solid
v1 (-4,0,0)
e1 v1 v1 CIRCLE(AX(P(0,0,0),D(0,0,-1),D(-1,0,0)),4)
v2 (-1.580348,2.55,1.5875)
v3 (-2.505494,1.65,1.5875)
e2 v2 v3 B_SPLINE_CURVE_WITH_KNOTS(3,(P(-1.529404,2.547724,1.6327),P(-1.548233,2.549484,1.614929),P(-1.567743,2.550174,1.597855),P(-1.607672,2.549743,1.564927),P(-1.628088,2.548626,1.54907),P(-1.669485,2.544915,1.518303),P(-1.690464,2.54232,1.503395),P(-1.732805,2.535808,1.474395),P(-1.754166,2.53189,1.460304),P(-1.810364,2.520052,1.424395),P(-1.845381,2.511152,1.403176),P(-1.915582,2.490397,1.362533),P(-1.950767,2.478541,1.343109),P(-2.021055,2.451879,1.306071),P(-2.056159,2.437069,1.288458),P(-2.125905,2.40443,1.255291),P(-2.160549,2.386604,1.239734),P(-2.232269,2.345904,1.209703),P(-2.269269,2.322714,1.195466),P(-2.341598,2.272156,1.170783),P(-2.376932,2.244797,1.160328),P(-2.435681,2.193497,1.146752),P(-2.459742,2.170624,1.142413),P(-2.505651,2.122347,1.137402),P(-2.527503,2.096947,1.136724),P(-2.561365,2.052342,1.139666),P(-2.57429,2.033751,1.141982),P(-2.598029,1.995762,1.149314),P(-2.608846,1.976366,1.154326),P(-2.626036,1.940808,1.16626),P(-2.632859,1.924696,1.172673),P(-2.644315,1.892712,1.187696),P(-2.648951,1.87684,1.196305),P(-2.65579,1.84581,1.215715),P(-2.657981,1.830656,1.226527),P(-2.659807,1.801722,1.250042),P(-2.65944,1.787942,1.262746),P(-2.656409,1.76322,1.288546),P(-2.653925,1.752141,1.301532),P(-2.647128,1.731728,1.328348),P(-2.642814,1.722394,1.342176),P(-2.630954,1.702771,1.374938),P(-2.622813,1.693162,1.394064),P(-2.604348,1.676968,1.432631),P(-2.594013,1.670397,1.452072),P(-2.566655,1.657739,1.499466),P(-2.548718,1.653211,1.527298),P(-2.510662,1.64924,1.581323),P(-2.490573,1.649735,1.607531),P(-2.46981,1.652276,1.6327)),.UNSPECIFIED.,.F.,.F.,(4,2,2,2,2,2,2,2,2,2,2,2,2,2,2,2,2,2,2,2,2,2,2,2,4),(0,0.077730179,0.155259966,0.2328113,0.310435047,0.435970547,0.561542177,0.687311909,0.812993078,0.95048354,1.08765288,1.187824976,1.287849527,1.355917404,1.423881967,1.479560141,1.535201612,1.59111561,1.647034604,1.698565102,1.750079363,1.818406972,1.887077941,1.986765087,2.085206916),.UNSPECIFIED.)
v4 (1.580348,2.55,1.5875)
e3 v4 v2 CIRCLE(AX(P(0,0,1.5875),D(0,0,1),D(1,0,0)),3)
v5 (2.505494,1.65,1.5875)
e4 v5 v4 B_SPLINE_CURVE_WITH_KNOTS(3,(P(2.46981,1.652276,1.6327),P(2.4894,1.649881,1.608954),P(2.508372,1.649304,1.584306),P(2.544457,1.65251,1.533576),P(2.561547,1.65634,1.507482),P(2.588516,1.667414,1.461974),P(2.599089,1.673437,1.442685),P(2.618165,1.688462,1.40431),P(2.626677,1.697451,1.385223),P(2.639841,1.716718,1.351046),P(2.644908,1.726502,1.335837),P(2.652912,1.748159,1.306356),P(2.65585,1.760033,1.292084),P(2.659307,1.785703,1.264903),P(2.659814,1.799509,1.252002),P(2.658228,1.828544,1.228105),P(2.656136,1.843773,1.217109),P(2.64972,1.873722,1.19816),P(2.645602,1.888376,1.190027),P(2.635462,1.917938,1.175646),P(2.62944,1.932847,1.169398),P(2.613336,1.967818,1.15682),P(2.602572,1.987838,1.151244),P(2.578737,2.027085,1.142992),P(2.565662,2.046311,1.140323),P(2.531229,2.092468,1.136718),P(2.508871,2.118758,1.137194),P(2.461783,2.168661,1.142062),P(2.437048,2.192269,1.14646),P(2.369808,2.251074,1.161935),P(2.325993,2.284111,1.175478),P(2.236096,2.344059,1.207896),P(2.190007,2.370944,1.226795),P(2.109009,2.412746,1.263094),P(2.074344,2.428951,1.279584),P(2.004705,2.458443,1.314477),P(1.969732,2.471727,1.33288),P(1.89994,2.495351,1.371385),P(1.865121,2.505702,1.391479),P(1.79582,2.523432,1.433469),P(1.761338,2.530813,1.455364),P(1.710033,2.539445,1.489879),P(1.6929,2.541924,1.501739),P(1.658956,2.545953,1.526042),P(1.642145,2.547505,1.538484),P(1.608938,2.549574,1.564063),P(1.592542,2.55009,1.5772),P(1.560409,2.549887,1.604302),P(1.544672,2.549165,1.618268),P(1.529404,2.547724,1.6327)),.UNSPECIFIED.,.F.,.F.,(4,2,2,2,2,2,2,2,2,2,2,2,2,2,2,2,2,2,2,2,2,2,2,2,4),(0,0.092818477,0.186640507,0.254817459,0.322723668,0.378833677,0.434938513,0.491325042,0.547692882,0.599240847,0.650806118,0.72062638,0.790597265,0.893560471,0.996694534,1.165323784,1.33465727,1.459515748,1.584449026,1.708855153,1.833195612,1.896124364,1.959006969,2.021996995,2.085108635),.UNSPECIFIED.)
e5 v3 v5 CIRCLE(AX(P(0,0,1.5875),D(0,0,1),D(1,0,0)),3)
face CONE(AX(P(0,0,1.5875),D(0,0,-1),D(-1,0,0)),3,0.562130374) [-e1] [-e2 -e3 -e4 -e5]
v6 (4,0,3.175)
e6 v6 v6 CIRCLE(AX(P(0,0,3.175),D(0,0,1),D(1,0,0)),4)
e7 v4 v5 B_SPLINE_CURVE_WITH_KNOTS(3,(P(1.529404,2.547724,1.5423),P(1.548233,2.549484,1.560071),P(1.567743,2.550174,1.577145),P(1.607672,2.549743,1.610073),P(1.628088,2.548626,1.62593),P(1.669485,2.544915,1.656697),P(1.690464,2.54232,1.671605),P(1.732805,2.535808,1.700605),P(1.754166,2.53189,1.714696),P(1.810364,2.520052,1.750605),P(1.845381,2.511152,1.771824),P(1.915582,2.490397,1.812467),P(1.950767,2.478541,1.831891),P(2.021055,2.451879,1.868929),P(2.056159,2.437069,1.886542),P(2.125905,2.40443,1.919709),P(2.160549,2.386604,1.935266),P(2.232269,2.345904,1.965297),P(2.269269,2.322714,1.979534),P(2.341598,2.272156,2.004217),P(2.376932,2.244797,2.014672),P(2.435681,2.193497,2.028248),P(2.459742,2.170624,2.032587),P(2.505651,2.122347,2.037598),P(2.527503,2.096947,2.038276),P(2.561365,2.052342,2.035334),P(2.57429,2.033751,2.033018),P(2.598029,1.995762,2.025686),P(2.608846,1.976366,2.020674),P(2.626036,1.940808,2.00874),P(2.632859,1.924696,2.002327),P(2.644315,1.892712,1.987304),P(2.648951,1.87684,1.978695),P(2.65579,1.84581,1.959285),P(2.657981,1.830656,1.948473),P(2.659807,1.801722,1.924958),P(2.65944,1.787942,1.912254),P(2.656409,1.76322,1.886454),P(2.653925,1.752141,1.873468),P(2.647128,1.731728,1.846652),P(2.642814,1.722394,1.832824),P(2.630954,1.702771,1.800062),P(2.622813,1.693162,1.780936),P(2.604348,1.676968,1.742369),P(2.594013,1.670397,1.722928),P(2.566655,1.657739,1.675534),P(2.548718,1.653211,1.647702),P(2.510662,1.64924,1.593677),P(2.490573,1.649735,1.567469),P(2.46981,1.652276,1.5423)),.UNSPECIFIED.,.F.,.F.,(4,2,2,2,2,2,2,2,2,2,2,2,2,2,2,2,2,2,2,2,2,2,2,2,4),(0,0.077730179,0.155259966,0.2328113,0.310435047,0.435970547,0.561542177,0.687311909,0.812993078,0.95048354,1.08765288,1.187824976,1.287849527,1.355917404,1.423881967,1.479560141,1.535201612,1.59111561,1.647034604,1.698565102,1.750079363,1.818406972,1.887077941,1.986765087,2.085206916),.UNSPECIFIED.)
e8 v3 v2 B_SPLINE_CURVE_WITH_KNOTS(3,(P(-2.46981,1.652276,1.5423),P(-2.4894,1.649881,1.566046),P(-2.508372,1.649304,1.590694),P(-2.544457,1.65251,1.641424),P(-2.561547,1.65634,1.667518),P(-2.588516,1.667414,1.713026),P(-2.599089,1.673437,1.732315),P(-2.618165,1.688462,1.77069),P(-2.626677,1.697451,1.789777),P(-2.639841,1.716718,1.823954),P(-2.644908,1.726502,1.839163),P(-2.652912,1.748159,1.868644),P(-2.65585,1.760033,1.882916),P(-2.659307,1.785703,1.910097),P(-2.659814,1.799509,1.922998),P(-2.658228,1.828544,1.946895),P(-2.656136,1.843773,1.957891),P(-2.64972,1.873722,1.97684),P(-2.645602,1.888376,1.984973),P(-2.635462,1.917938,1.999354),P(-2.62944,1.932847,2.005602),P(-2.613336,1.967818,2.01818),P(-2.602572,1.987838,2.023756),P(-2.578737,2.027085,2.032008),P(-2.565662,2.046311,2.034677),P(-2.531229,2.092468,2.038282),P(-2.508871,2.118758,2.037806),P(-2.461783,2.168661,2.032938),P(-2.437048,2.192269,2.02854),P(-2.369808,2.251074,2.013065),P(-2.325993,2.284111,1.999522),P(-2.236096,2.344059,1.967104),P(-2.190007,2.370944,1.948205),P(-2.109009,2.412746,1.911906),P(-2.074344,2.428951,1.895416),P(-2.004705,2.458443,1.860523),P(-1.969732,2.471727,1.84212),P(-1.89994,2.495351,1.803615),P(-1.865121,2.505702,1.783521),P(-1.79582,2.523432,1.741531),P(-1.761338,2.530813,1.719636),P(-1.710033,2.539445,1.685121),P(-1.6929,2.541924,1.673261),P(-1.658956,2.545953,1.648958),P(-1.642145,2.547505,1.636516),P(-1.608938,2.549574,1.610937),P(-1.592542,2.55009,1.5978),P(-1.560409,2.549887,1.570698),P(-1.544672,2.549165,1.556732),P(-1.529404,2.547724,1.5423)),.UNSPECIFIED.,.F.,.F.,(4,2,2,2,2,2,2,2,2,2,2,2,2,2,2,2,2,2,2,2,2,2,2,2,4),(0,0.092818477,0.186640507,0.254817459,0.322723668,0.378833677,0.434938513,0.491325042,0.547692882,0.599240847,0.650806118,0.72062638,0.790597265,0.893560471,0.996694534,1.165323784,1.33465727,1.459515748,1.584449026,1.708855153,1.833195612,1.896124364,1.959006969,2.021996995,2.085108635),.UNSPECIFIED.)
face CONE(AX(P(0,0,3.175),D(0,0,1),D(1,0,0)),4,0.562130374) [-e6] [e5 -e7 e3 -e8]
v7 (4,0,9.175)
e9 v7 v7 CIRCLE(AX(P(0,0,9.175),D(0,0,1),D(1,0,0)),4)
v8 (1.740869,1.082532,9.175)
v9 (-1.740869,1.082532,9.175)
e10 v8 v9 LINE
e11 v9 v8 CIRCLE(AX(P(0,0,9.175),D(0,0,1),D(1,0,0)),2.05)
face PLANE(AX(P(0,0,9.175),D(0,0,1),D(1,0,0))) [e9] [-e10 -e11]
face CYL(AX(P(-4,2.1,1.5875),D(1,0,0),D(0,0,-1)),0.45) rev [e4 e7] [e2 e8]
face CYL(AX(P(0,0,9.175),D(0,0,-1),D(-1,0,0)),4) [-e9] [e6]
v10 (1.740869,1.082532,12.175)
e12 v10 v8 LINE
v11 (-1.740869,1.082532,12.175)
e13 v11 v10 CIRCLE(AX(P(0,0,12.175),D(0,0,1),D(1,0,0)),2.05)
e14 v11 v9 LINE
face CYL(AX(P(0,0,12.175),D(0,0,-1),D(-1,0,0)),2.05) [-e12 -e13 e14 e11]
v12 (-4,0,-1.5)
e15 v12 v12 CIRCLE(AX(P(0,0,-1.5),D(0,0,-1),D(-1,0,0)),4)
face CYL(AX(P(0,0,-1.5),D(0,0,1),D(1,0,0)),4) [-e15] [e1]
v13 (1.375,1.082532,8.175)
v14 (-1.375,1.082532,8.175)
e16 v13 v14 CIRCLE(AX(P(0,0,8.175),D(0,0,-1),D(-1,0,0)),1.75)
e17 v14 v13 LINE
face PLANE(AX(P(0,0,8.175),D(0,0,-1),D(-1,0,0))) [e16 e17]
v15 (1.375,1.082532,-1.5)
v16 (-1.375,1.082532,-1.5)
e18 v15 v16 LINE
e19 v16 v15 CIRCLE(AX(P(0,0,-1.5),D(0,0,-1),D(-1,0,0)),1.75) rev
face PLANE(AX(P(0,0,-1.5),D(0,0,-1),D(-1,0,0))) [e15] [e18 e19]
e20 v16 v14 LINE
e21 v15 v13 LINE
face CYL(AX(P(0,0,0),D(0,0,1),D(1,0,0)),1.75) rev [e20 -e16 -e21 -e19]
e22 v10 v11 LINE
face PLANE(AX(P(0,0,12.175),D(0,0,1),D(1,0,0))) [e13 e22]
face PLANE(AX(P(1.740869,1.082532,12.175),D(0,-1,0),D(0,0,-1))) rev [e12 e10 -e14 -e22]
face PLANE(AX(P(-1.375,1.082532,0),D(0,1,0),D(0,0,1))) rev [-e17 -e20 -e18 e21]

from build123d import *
from build123d.topology import SkipClean

# Parameters (mm, degrees)
SKETCH1_R           = 4
BOSS_EXTRUDE1_DEPTH = 3.175
CUT_EXTRUDE1_DEPTH  = 7.48695807
SKETCH4_R           = 4
BOSS_EXTRUDE2_DEPTH = 6
SKETCH5_R           = 0.45
CUT_EXTRUDE2_DEPTH  = 4
SKETCH6_R           = 4
BOSS_EXTRUDE3_DEPTH = 1.5
BOSS_EXTRUDE4_DEPTH = 3
CUT_EXTRUDE3_START  = -5
CUT_EXTRUDE3_DEPTH  = 5


with BuildPart() as part:
    # Sketch1 → Boss-Extrude1 (new body)
    with BuildSketch(Plane.XY):
        Circle(SKETCH1_R)
    extrude(amount=BOSS_EXTRUDE1_DEPTH)

    # Sketch2 → Cut-Extrude1 (cut, through all)
    with BuildSketch(Plane.XY.offset(3.175)):
        with BuildLine():
            Line((-1.375, 1.082531755), (1.375, 1.082531755))
            ThreePointArc((1.375, 1.082531755), (0, -1.75), (-1.375, 1.082531755))
        make_face()
    extrude(amount=-CUT_EXTRUDE1_DEPTH, mode=Mode.SUBTRACT)

    # Sketch3 → Cut-Revolve1 (revolve, cut)
    with BuildSketch(Plane(origin=(0, 0, 0), x_dir=(0, 0, -1), z_dir=(1, 0, 0)), mode=Mode.PRIVATE) as cut_revolve1_sk:
        Polygon((-3.175, 4), (0, 4), (-1.5875, 3), align=None)
    revolve(cut_revolve1_sk.sketch.rotate(Axis((0, 0, 3.175), (0, 0, -1)), 90), axis=Axis((0, 0, 3.175), (0, 0, -1)), mode=Mode.SUBTRACT)

    # Sketch4 → Boss-Extrude2 (add)
    with BuildSketch(Plane.XY.offset(3.175)):
        Circle(SKETCH4_R)
    extrude(amount=BOSS_EXTRUDE2_DEPTH)

    # Sketch5 → Cut-Extrude2 (cut, symmetric)
    with BuildSketch(Plane(origin=(0, 0, 0), x_dir=(0, 0, -1), z_dir=(1, 0, 0))):
        with Locations(Location((-1.5875, 2.1, 0), (0, 0, 89.999570565))):
            Circle(SKETCH5_R)
    extrude(amount=CUT_EXTRUDE2_DEPTH, both=True, mode=Mode.SUBTRACT)

    # Sketch6 → Boss-Extrude3 (add)
    with SkipClean():  # the faces are left unmerged after this step: merging them gives an invalid solid
        with BuildSketch(Plane(origin=(0, 0, 0), x_dir=(-1, 0, 0), z_dir=(0, 0, -1))):
            with Locations(Location((0, 0, 0), (0, 0, 180))):
                Circle(SKETCH6_R)
            with BuildLine():
                ThreePointArc((1.375, 1.082531755), (0, -1.75), (-1.375, 1.082531755))
                Line((-1.375, 1.082531755), (1.375, 1.082531755))
            make_face(mode=Mode.SUBTRACT)
        extrude(amount=BOSS_EXTRUDE3_DEPTH)

    # Sketch7 → Boss-Extrude4 (add)
    with SkipClean():  # the faces are left unmerged after this step: merging them gives an invalid solid
        with BuildSketch(Plane.XY.offset(9.175)):
            with BuildLine():
                Line((1.740869036, 1.082531755), (-1.740869036, 1.082531755))
                ThreePointArc((-1.740869036, 1.082531755), (0, -2.05), (1.740869036, 1.082531755))
            make_face()
        extrude(amount=BOSS_EXTRUDE4_DEPTH)

    # Sketch8 → Cut-Extrude3 (cut)
    with SkipClean():  # the faces are left unmerged after this step: merging them gives an invalid solid
        with BuildSketch(Plane(origin=(0, 0, 3.175), x_dir=(-1, 0, 0), z_dir=(0, 0, -1)).offset(CUT_EXTRUDE3_START)):
            with BuildLine():
                Line((1.375, 1.082531755), (-1.375, 1.082531755))
                ThreePointArc((-1.375, 1.082531755), (0, -1.75), (1.375, 1.082531755))
            make_face()
        extrude(amount=CUT_EXTRUDE3_DEPTH, mode=Mode.SUBTRACT)


solid = part.part
